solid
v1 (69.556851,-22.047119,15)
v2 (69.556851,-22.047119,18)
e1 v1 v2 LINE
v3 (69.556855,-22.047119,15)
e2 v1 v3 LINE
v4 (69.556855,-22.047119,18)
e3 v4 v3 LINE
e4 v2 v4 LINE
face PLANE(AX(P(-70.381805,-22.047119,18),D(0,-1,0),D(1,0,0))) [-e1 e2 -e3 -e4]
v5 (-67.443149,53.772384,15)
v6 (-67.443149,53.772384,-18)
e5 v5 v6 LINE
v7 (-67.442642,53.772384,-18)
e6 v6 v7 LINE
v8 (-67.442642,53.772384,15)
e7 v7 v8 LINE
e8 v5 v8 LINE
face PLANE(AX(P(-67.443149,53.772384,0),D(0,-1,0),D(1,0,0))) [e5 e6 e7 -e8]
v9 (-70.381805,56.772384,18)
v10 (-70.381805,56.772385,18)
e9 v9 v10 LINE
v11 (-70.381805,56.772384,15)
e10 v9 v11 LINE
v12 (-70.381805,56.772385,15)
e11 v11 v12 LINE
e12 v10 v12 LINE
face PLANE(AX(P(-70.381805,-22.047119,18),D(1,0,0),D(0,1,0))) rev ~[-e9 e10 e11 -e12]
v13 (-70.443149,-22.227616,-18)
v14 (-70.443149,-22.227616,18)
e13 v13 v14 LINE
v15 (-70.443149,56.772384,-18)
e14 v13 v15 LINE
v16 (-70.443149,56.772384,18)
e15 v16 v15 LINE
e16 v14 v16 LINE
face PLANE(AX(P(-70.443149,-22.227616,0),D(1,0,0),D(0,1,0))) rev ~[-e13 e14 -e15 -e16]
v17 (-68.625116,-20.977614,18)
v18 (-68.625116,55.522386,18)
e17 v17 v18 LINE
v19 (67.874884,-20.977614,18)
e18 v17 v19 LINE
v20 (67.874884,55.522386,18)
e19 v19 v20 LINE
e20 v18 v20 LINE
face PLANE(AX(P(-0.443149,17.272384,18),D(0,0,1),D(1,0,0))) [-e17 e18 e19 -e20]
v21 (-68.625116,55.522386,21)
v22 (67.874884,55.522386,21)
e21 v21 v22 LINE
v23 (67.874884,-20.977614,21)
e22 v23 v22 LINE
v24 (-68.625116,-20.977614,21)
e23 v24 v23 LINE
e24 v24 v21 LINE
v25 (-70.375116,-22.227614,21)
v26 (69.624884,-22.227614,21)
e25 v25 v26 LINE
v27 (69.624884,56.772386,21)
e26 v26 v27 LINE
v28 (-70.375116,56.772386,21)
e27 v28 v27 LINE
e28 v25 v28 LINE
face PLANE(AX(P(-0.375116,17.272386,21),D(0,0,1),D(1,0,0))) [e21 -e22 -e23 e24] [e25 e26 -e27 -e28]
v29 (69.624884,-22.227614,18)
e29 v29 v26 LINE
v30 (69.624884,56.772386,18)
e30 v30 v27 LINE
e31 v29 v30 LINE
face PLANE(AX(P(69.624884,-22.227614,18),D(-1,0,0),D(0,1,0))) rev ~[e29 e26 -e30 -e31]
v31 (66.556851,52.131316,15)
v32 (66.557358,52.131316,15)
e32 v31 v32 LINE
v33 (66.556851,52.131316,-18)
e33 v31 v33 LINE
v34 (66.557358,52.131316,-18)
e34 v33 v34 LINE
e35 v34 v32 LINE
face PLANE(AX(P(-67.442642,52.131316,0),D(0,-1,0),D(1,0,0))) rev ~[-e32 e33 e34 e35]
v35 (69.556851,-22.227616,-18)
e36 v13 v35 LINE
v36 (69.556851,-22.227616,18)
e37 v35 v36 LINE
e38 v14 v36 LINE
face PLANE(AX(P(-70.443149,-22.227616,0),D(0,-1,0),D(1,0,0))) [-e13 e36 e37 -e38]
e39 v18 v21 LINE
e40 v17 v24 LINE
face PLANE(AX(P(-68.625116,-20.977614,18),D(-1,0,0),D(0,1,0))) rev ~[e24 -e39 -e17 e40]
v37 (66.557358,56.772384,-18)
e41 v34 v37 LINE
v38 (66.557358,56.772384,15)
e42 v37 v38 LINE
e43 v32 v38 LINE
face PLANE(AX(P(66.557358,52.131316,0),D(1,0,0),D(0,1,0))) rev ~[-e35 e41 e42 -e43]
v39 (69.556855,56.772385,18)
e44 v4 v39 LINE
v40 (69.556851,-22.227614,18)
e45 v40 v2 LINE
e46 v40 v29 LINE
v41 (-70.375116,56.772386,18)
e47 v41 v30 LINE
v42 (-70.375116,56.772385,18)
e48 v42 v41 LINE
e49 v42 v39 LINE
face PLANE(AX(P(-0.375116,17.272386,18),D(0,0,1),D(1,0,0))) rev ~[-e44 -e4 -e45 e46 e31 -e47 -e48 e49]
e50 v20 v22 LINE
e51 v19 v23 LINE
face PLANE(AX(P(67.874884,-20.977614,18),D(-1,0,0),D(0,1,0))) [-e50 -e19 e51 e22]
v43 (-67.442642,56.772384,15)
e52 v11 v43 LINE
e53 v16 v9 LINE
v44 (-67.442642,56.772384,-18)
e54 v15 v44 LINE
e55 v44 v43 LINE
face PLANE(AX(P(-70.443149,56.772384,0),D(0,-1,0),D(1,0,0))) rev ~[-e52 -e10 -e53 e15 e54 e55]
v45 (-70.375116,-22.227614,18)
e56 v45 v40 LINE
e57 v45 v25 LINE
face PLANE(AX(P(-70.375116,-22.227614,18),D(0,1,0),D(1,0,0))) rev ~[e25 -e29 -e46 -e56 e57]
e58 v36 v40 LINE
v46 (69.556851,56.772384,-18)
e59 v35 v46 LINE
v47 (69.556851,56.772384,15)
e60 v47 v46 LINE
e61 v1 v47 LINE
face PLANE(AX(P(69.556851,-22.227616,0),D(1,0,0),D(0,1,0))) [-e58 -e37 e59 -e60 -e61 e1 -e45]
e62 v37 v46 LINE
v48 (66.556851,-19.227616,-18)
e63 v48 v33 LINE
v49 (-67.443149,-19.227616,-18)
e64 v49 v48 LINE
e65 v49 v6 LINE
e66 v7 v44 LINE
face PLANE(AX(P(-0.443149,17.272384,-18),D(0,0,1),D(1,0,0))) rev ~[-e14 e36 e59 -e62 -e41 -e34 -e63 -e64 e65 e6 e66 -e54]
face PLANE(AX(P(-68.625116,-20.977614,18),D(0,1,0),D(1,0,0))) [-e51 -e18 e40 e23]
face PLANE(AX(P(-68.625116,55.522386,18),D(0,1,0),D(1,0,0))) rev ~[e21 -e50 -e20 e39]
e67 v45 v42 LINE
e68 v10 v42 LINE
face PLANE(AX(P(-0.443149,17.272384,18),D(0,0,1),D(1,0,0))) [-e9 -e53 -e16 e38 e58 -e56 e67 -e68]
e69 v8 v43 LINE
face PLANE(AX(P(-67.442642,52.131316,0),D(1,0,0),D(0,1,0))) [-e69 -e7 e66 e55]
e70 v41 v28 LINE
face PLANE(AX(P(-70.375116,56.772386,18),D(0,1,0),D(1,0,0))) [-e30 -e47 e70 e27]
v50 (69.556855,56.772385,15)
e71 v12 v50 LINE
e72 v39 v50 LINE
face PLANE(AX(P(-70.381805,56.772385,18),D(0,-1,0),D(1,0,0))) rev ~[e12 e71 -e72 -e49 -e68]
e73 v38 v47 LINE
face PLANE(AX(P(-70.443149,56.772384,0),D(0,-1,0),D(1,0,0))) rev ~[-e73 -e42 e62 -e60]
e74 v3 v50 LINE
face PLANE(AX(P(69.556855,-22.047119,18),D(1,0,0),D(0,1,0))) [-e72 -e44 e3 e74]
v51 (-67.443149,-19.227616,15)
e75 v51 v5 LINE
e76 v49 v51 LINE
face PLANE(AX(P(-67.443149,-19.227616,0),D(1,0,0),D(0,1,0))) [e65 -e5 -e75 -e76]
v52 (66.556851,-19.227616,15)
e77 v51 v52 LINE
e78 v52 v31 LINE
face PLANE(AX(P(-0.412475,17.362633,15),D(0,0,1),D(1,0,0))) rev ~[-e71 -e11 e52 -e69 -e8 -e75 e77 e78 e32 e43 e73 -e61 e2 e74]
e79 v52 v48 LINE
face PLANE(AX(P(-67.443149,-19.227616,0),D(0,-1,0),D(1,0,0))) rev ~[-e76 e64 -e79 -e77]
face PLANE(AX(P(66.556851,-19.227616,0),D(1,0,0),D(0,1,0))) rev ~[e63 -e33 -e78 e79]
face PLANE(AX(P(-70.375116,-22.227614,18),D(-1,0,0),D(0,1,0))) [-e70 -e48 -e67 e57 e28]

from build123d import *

# Parameters (mm, degrees)
SKETCH002_W           = 140
SKETCH002_H           = 79
SKETCH002_W_2         = 136.5
SKETCH002_H_2         = 76.5
EXTRUDE008_DEPTH      = 3
SKETCH001_W           = 134
SKETCH001_H           = 5
EXTRUDE007_DEPTH      = 15
EXTRUDE007_DEPTH_BACK = 18
SKETCH_W              = 140
SKETCH_H              = 79
SKETCH_W_2            = 134
SKETCH_H_2            = 73
EXTRUDE_DEPTH         = 18
RECTANGLE_W           = 139.93866
RECTANGLE_H           = 78.819504
EXTRUDE006_DEPTH      = 3


with BuildPart() as extrude008:
    # Sketch002 → Extrude008 (new body)
    with BuildSketch(Plane(origin=(-0.276695, 0.323605, 18), x_dir=(1, 0, 0), z_dir=(0, 0, 1))):
        with Locations((-0.098421, 16.948781)):
            Rectangle(SKETCH002_W, SKETCH002_H)
        with Locations((-0.098421, 16.948781)):
            Rectangle(SKETCH002_W_2, SKETCH002_H_2, mode=Mode.SUBTRACT)
    extrude(amount=EXTRUDE008_DEPTH)


with BuildPart() as extrude007:
    # Sketch001 → Extrude007 (new body, two sides)
    with BuildSketch(Plane.XY) as extrude007_sk:
        with Locations((-0.442642, 54.631316)):
            Rectangle(SKETCH001_W, SKETCH001_H)
    extrude(amount=EXTRUDE007_DEPTH)
    extrude(extrude007_sk.sketch, amount=-EXTRUDE007_DEPTH_BACK)


with BuildPart() as extrude_body:
    # Sketch → Extrude (new body, symmetric)
    with BuildSketch(Plane.XY):
        with Locations((-0.443149, 17.272384)):
            Rectangle(SKETCH_W, SKETCH_H)
        with Locations((-0.443149, 17.272384)):
            Rectangle(SKETCH_W_2, SKETCH_H_2, mode=Mode.SUBTRACT)
    extrude(amount=EXTRUDE_DEPTH, both=True)


with BuildPart() as connect001:
    # Rectangle → Extrude006 (new body)
    with BuildSketch(Plane(origin=(-70.381805, -22.047119, 18), x_dir=(1, 0, 0), z_dir=(0, 0, 1))):
        with Locations((69.96933, 39.409752)):
            Rectangle(RECTANGLE_W, RECTANGLE_H)
    extrude(amount=-EXTRUDE006_DEPTH)

    # Connect: union Extrude body
    add(extrude_body.part)

    # Cut: cut Extrude007
    add(extrude007.part, mode=Mode.SUBTRACT)

    # Connect001: union Extrude008
    add(extrude008.part)


solid = connect001.part
